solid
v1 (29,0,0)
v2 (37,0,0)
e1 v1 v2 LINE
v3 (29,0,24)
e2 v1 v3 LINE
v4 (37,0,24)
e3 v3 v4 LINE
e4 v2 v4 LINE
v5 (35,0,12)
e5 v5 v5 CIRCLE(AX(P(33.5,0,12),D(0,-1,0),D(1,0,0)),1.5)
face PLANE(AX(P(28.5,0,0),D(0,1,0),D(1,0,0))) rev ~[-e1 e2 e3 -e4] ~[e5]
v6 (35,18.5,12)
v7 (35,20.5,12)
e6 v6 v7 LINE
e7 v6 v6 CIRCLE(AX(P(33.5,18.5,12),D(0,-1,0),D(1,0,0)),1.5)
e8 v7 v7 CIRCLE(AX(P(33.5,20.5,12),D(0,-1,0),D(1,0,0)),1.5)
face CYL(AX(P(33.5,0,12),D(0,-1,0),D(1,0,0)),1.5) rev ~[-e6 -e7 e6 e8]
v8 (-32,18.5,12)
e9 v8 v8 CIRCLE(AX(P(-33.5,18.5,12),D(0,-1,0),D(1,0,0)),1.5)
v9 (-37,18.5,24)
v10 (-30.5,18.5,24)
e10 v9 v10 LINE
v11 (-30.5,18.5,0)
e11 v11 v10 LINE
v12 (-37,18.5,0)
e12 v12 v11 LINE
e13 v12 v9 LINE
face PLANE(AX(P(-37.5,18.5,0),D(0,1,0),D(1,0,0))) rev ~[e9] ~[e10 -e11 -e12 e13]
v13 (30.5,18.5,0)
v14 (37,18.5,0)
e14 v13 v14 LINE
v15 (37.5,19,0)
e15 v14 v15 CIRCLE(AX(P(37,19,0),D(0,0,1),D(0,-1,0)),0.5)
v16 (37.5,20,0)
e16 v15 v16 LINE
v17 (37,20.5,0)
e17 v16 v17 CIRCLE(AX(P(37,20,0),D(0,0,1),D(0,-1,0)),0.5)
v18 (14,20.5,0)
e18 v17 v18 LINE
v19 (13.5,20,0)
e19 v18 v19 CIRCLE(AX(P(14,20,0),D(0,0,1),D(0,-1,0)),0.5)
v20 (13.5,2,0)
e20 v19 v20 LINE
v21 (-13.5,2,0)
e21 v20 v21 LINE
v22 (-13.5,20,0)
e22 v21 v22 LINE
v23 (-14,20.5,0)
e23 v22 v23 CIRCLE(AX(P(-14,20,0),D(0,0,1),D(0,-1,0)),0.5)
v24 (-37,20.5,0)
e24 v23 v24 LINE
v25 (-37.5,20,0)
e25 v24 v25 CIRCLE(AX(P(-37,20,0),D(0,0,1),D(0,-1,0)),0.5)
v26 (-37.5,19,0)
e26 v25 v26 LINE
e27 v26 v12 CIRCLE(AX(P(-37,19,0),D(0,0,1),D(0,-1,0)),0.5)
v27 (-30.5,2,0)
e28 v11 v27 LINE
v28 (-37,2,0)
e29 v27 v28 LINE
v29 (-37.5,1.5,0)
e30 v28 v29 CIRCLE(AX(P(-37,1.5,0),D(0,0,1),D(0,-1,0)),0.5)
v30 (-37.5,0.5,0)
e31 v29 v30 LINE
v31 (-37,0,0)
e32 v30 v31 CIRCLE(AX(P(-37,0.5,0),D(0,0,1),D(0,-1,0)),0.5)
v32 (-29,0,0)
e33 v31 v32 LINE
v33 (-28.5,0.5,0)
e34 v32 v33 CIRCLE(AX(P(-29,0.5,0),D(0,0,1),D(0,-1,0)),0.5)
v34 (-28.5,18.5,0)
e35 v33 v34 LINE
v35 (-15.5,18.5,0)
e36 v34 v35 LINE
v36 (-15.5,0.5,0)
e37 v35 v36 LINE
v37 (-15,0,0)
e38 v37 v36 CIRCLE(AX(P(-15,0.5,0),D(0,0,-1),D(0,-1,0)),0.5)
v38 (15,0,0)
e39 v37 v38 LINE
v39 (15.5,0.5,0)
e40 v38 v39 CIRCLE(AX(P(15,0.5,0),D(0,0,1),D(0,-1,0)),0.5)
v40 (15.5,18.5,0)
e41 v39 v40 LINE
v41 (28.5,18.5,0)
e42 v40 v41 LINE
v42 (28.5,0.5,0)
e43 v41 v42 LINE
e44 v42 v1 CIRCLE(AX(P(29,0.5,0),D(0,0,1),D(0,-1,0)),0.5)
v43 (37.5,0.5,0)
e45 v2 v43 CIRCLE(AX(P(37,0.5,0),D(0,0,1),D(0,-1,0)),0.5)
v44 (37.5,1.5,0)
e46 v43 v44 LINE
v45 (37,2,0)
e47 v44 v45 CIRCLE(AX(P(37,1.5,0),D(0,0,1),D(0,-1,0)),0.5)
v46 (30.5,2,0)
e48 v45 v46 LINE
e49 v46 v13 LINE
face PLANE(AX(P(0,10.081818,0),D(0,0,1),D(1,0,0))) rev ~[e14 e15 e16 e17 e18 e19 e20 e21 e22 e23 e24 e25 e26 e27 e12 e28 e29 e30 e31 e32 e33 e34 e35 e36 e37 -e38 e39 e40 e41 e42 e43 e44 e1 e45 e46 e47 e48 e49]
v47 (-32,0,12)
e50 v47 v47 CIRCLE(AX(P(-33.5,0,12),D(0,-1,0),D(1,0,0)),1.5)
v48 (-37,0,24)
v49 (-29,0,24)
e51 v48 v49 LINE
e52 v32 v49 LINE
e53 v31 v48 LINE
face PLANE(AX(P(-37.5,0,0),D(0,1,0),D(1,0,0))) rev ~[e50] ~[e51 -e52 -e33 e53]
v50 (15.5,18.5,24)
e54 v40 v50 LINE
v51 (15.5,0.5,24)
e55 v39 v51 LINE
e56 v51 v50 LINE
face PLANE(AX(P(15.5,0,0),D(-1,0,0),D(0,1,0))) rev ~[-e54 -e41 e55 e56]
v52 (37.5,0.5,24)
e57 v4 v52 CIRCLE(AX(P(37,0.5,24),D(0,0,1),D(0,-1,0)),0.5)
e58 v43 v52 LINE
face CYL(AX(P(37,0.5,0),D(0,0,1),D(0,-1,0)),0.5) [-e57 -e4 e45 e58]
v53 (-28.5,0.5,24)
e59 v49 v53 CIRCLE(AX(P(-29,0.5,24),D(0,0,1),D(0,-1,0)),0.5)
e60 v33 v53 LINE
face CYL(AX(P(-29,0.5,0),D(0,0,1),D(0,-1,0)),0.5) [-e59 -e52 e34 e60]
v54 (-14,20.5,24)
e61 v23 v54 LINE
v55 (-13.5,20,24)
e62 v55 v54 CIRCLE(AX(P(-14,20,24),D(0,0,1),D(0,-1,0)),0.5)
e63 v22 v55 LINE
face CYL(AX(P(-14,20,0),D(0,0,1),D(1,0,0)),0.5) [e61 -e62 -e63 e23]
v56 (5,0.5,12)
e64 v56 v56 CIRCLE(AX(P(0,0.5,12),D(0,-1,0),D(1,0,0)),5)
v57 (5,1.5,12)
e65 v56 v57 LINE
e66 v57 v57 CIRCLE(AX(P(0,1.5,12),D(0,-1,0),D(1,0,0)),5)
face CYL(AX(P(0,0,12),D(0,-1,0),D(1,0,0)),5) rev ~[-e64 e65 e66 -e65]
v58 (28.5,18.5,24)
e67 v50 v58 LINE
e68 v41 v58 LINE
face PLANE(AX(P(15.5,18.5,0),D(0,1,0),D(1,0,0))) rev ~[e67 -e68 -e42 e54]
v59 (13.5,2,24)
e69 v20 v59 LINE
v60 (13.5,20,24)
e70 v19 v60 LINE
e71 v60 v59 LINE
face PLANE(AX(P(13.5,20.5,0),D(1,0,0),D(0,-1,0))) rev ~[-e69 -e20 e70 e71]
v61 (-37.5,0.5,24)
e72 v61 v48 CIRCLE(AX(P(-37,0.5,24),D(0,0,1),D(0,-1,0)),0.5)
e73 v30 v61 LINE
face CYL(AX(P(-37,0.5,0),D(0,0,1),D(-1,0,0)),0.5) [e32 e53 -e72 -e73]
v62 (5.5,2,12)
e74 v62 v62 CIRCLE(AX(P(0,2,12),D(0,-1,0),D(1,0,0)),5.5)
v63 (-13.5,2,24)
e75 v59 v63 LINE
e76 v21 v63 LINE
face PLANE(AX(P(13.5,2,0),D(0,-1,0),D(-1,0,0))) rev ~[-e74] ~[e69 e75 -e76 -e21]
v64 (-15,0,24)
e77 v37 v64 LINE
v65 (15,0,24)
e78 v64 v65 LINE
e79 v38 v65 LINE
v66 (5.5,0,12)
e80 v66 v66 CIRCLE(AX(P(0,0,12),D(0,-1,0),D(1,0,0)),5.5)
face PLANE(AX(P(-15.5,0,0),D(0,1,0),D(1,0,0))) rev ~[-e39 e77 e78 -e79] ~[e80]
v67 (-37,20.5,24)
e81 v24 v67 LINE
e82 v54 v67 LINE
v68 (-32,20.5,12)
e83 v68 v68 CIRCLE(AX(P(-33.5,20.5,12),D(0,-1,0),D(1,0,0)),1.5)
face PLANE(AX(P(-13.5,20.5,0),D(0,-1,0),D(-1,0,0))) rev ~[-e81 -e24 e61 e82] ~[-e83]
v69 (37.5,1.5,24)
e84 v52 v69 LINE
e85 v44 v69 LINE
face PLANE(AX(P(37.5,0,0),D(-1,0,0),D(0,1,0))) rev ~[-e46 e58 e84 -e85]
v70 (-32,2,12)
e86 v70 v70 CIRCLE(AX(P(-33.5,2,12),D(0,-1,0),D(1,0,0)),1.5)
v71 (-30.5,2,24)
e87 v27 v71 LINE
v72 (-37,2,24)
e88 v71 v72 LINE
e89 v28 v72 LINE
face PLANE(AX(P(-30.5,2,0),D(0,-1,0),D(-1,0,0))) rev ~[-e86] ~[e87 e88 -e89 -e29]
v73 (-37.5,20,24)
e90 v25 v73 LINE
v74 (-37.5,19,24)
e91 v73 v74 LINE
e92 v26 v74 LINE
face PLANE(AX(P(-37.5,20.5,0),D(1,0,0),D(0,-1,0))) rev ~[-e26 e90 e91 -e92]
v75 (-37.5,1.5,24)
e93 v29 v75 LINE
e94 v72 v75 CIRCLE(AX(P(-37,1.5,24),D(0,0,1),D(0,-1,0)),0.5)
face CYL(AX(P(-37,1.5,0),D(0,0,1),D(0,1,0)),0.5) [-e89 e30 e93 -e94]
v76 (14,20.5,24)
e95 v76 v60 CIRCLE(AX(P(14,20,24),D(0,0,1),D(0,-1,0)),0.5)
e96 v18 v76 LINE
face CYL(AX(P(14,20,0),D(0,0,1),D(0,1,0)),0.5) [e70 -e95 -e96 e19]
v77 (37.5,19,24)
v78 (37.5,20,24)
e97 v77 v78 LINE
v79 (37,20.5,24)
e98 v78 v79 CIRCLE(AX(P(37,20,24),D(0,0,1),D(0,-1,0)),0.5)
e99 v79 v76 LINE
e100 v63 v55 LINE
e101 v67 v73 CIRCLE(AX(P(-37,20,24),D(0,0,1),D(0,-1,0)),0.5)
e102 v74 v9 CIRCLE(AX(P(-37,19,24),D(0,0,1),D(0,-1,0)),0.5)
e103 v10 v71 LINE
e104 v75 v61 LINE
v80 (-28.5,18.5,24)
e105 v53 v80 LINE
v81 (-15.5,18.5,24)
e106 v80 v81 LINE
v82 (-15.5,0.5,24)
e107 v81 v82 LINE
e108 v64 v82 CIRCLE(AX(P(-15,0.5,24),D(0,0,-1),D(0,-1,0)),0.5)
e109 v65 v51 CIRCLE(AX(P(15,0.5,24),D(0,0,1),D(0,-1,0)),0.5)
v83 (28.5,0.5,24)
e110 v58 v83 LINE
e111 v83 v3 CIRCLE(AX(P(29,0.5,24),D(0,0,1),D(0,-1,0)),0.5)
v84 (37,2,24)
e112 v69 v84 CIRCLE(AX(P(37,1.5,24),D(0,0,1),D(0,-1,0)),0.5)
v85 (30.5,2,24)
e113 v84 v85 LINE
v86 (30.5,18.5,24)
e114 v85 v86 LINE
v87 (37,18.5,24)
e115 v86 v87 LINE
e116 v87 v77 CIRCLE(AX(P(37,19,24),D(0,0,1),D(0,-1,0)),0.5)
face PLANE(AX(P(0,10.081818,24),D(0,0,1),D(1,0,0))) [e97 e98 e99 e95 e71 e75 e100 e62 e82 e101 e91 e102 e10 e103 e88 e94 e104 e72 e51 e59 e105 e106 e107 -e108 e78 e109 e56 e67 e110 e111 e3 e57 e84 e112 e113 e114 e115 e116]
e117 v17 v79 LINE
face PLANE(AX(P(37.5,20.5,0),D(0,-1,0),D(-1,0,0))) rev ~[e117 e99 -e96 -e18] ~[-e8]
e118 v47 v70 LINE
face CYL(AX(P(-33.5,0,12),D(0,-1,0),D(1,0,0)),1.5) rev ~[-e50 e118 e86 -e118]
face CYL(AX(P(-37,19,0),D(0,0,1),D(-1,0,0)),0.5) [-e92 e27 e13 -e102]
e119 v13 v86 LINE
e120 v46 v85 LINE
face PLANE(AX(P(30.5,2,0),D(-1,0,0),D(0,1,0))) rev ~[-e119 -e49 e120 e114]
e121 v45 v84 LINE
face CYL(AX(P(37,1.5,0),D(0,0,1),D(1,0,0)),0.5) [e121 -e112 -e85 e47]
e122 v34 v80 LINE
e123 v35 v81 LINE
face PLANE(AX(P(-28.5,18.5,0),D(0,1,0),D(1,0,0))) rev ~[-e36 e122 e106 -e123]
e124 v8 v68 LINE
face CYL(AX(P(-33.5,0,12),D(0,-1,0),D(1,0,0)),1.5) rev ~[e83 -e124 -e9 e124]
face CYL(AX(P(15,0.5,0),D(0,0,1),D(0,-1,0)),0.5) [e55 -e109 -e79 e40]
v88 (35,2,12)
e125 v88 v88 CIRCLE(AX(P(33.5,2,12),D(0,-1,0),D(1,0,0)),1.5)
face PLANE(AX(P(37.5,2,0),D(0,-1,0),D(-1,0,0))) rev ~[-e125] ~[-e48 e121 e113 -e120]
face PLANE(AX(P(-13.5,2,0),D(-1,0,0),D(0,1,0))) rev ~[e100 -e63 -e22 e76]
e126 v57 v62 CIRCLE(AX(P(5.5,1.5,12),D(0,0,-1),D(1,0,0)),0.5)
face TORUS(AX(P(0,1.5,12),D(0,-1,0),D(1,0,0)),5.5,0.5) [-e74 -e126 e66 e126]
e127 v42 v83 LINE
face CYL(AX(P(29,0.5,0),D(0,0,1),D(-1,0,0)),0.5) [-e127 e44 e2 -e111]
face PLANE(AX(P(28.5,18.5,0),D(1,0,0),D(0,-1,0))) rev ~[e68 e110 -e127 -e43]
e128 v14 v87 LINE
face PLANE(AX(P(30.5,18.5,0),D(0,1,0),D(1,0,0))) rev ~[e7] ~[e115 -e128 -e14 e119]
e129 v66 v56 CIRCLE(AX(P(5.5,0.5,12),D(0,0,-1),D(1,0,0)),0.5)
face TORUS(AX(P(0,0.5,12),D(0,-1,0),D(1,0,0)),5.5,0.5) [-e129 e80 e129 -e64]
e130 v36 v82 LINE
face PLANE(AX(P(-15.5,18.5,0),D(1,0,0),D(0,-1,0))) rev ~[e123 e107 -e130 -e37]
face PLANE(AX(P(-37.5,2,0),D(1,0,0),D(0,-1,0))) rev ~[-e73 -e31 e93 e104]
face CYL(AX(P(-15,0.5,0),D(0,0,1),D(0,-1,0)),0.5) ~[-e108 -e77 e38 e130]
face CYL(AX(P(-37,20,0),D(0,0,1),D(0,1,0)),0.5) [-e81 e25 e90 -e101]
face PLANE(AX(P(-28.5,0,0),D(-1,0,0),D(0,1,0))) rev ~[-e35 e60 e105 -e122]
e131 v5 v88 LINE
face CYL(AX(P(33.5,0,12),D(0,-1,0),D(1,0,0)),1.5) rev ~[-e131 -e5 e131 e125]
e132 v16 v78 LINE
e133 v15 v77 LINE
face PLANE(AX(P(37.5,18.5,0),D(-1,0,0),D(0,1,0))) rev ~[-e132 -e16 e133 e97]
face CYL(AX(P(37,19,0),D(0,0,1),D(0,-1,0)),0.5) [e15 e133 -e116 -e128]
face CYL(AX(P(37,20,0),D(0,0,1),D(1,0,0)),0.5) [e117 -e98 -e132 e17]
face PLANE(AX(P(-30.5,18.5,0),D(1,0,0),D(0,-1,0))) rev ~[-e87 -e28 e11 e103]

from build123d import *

# Parameters (mm, degrees)
F1_DEPTH = 24
F2_R     = 1.5
F2_R_2   = 5
F3_DEPTH = 25
F4_R     = 0.5


with BuildPart() as f1:
    # F0 (on Top) → F1 (new body)
    with BuildSketch(Plane.XY):
        Polygon((-15.5, 0), (0, 0), (15.5, 0), (15.5, 18.5), (28.5, 18.5), (28.5, 0), (37.5, 0), (37.5, 2), (30.5, 2), (30.5, 18.5), (37.5, 18.5), (37.5, 20.5), (13.5, 20.5), (13.5, 2), (0, 2), (-13.5, 2), (-13.5, 20.5), (-37.5, 20.5), (-37.5, 18.5), (-30.5, 18.5), (-30.5, 2), (-37.5, 2), (-37.5, 0), (-28.5, 0), (-28.5, 18.5), (-15.5, 18.5), align=None)
    extrude(amount=F1_DEPTH)

    # F2 (on face) → F3 (cut)
    with BuildSketch(Plane.XZ):
        with Locations((-33.5, 12)):
            Circle(F2_R)
        with Locations((0, 12)):
            Circle(F2_R_2)
        with Locations((33.5, 12)):
            Circle(F2_R)
    extrude(amount=-F3_DEPTH, mode=Mode.SUBTRACT)

    # F4
    f4_edges = [f1.edges().sort_by_distance(p)[0] for p in [
        (-13.5, 20.5, 12),
        (13.5, 20.5, 12),
        (15.5, 0, 12),
        (-28.5, 0, 12),
        (-15.5, 0, 12),
        (28.5, 0, 12),
        (37.5, 20.5, 12),
        (37.5, 18.5, 12),
        (37.5, 2, 12),
        (37.5, 0, 12),
        (-37.5, 20.5, 12),
        (-37.5, 18.5, 12),
        (-37.5, 2, 12),
        (-37.5, 0, 12),
        (-5, 0, 12),
        (-5, 2, 12),
    ]]
    fillet(f4_edges, radius=F4_R)


solid = f1.part
